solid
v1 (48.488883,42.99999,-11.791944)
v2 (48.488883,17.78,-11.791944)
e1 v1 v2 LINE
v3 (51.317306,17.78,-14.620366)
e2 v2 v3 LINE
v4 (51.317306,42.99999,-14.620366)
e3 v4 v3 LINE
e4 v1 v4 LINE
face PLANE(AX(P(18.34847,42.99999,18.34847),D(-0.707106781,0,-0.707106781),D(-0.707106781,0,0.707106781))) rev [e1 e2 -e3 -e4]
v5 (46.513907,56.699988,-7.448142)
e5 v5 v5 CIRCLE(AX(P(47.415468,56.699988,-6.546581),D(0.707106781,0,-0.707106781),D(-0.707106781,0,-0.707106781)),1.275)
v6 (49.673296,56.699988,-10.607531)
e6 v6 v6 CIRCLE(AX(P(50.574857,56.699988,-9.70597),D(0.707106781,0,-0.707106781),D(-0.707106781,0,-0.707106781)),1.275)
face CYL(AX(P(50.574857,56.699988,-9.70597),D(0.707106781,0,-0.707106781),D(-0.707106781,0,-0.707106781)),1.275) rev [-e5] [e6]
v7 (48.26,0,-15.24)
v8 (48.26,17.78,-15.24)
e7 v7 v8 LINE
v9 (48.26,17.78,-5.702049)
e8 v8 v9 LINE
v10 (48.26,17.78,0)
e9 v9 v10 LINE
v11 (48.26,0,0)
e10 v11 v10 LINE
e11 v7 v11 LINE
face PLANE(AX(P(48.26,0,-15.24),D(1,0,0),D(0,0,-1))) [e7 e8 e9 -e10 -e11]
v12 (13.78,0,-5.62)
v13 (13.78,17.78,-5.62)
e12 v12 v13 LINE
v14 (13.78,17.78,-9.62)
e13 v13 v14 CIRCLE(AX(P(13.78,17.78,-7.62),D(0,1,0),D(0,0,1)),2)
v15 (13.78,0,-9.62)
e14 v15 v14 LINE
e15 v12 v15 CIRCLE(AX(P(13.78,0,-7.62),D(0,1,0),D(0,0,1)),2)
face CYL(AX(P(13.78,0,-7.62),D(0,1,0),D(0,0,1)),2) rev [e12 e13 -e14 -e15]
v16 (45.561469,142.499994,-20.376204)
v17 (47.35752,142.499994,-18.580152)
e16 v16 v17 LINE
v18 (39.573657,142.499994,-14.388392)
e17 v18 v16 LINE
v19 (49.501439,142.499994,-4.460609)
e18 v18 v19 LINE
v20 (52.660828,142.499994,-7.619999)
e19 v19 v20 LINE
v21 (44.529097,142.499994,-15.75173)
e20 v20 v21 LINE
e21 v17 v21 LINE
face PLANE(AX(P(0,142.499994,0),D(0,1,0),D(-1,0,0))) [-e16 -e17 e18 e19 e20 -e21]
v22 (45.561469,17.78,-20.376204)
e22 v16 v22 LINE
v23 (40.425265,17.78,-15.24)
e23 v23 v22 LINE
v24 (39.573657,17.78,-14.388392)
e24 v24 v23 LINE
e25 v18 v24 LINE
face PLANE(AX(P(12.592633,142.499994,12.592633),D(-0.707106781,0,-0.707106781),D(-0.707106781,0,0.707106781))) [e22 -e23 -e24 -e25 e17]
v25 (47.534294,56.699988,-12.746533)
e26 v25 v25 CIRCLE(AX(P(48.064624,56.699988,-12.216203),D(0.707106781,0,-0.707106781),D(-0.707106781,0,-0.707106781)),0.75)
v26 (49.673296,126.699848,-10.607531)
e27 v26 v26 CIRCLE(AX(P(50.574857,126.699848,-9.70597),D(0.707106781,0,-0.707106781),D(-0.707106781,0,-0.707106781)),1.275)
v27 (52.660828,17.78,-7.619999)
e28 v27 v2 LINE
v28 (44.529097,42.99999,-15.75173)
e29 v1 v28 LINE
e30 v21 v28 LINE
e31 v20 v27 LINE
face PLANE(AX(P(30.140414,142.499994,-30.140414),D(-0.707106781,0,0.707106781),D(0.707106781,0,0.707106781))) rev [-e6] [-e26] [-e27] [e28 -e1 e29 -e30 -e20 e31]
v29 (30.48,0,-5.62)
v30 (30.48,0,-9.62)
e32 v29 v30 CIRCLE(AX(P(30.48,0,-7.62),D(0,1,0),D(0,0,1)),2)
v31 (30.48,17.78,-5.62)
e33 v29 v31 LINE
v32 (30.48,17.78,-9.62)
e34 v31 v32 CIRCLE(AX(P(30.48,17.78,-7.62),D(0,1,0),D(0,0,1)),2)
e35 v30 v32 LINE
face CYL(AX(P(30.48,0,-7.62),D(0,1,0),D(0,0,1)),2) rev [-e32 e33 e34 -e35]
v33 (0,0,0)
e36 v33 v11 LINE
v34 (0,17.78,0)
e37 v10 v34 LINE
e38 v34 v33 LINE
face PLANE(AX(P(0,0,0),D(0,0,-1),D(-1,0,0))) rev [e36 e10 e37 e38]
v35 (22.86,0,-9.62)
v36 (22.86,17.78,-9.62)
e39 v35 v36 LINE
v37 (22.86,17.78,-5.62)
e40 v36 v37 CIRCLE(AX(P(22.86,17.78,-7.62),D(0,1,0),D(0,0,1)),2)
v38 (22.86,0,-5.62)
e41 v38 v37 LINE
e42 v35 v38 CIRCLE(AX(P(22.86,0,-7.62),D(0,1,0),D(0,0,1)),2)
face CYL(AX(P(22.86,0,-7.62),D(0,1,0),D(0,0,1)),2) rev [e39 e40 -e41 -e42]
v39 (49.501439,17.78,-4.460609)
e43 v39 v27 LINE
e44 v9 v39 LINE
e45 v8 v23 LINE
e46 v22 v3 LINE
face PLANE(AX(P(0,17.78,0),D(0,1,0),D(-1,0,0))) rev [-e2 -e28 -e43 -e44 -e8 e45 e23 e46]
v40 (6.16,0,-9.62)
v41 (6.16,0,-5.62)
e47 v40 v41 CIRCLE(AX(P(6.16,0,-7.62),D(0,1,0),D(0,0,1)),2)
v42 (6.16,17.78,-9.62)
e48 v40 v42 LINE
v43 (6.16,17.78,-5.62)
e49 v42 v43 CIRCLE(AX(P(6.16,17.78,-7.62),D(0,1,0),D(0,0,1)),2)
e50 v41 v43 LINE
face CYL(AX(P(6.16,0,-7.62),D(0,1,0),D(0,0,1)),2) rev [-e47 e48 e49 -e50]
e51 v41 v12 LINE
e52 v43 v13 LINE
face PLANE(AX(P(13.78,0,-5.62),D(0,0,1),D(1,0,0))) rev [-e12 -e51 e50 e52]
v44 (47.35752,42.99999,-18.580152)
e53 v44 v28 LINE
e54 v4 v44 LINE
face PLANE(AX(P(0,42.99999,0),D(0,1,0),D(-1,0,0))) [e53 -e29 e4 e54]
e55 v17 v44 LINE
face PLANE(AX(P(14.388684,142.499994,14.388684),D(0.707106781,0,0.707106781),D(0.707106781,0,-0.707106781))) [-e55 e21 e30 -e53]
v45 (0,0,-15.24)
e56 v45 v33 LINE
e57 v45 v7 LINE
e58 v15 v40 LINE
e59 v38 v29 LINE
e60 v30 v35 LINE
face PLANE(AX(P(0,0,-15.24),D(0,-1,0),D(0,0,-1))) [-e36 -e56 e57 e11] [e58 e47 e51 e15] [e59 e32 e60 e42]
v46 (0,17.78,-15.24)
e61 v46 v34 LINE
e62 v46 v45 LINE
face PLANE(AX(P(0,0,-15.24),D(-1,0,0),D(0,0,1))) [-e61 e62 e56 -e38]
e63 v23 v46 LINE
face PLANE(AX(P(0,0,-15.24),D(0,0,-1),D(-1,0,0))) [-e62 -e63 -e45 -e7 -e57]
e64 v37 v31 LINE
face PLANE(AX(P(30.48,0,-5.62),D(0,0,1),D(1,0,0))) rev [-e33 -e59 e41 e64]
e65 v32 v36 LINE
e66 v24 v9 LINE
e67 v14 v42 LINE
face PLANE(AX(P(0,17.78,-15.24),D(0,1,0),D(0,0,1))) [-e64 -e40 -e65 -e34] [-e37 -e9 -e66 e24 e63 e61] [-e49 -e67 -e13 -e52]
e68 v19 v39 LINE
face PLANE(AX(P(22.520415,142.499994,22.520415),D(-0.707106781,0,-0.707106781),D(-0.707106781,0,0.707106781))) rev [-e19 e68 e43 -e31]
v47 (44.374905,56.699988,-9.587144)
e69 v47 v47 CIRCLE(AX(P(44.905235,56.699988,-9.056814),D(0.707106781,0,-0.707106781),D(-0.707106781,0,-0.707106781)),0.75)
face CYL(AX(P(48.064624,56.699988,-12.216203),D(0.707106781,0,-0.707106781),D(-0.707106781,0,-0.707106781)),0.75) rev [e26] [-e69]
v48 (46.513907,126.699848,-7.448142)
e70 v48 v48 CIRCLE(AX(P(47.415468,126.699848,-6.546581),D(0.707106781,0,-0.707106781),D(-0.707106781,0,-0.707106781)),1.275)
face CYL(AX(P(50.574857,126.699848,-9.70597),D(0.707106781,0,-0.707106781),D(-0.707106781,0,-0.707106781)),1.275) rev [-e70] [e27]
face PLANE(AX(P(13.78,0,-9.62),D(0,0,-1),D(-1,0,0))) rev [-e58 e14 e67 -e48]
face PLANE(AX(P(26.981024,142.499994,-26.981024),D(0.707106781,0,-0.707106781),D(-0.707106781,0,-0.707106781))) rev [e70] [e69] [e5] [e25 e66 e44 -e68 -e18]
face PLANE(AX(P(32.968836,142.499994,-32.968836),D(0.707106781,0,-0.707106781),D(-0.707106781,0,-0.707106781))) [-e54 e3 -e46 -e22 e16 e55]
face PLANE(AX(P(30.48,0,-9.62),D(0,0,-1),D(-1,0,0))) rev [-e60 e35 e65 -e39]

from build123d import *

# Parameters (mm, degrees)
SKETCH1_W                             = 48.26
SKETCH1_H                             = 17.78
BOSS_EXTRUDE1_DEPTH                   = 15.24
CUT_EXTRUDE2_DEPTH                    = 54.641528688
BOSS_EXTRUDE2_DEPTH                   = 124.7199944
BOSS_EXTRUDE4_DEPTH                   = 18.21999912
BOSS_EXTRUDE5_DEPTH                   = 25.2199902
F_1_5MM_DOWEL_HOLE1_D                 = 1.5
TAPPED_HOLE_FOR_M2_5X0_45_HELICOIL1_D = 2.55


with BuildPart() as part:
    # Sketch1 → Boss-Extrude1 (new body)
    with BuildSketch(Plane.XY):
        with Locations((24.13, 8.89)):
            Rectangle(SKETCH1_W, SKETCH1_H)
    extrude(amount=-BOSS_EXTRUDE1_DEPTH)

    # Sketch4 → Cut-Extrude2 (cut, through all)
    with BuildSketch(Plane(origin=(0, 17.78, 0), x_dir=(1, 0, 0), z_dir=(0, 1, 0))):
        with BuildLine():
            Line((30.48, 5.62), (22.86, 5.62))
            ThreePointArc((22.86, 5.62), (20.86, 7.62), (22.86, 9.62))
            Line((22.86, 9.62), (30.48, 9.62))
            ThreePointArc((30.48, 9.62), (32.48, 7.62), (30.48, 5.62))
        make_face()
        with BuildLine():
            Line((13.78, 5.62), (6.16, 5.62))
            ThreePointArc((6.16, 5.62), (4.16, 7.62), (6.16, 9.62))
            Line((6.16, 9.62), (13.78, 9.62))
            ThreePointArc((13.78, 9.62), (15.78, 7.62), (13.78, 5.62))
        make_face()
    extrude(amount=-CUT_EXTRUDE2_DEPTH, mode=Mode.SUBTRACT)

    # Sketch3 → Boss-Extrude2 (add)
    with BuildSketch(Plane(origin=(0, 17.78, 0), x_dir=(1, 0, 0), z_dir=(0, 1, 0))):
        Polygon((52.660828417, 7.619998743), (48.488883403, 11.791943757), (44.529097479, 15.751729681), (47.357520181, 18.580152383), (45.561468957, 20.376203607), (40.42526535, 15.24), (39.573657012, 14.388391662), (49.501439174, 4.4606095), align=None)
    extrude(amount=BOSS_EXTRUDE2_DEPTH)

    # Sketch3<7> → Boss-Extrude4 (add)
    with BuildSketch(Plane(origin=(0, 17.78, 0), x_dir=(1, 0, 0), z_dir=(0, 1, 0))):
        Polygon((39.573657012, 14.388391662), (40.42526535, 15.24), (45.561468957, 20.376203607), (47.357520181, 18.580152383), (44.529097479, 15.751729681), (52.660828417, 7.619998743), (49.501439174, 4.4606095), align=None)
    extrude(amount=BOSS_EXTRUDE4_DEPTH)

    # Sketch3<8> → Boss-Extrude5 (add)
    with BuildSketch(Plane(origin=(0, 17.78, 0), x_dir=(1, 0, 0), z_dir=(0, 1, 0))):
        Polygon((44.529097479, 15.751729681), (48.488883403, 11.791943757), (51.317306105, 14.620366459), (47.357520181, 18.580152383), align=None)
    extrude(amount=BOSS_EXTRUDE5_DEPTH)

    # Ø1.5mm Dowel Hole1 (through all)
    with Locations(Plane(origin=(30.14041358, 0, -30.14041358), x_dir=(-0.707106781186544, 0, -0.7071067811865511), z_dir=(0.7071067811865511, 0, -0.707106781186544))):
        with Locations((-25.348661915, 56.6999882)):
            Hole(F_1_5MM_DOWEL_HOLE1_D / 2)

    # Tapped Hole for M2.5x0.45 Helicoil1 (through all)
    with Locations(Plane(origin=(30.14041358, 0, -30.14041358), x_dir=(-0.7071067811865478, 0, -0.7071067811865472), z_dir=(0.7071067811865472, 0, -0.7071067811865478))):
        with Locations((-28.898667515, 56.6999882), (-28.898667515, 126.6998482)):
            Hole(TAPPED_HOLE_FOR_M2_5X0_45_HELICOIL1_D / 2)


solid = part.part
